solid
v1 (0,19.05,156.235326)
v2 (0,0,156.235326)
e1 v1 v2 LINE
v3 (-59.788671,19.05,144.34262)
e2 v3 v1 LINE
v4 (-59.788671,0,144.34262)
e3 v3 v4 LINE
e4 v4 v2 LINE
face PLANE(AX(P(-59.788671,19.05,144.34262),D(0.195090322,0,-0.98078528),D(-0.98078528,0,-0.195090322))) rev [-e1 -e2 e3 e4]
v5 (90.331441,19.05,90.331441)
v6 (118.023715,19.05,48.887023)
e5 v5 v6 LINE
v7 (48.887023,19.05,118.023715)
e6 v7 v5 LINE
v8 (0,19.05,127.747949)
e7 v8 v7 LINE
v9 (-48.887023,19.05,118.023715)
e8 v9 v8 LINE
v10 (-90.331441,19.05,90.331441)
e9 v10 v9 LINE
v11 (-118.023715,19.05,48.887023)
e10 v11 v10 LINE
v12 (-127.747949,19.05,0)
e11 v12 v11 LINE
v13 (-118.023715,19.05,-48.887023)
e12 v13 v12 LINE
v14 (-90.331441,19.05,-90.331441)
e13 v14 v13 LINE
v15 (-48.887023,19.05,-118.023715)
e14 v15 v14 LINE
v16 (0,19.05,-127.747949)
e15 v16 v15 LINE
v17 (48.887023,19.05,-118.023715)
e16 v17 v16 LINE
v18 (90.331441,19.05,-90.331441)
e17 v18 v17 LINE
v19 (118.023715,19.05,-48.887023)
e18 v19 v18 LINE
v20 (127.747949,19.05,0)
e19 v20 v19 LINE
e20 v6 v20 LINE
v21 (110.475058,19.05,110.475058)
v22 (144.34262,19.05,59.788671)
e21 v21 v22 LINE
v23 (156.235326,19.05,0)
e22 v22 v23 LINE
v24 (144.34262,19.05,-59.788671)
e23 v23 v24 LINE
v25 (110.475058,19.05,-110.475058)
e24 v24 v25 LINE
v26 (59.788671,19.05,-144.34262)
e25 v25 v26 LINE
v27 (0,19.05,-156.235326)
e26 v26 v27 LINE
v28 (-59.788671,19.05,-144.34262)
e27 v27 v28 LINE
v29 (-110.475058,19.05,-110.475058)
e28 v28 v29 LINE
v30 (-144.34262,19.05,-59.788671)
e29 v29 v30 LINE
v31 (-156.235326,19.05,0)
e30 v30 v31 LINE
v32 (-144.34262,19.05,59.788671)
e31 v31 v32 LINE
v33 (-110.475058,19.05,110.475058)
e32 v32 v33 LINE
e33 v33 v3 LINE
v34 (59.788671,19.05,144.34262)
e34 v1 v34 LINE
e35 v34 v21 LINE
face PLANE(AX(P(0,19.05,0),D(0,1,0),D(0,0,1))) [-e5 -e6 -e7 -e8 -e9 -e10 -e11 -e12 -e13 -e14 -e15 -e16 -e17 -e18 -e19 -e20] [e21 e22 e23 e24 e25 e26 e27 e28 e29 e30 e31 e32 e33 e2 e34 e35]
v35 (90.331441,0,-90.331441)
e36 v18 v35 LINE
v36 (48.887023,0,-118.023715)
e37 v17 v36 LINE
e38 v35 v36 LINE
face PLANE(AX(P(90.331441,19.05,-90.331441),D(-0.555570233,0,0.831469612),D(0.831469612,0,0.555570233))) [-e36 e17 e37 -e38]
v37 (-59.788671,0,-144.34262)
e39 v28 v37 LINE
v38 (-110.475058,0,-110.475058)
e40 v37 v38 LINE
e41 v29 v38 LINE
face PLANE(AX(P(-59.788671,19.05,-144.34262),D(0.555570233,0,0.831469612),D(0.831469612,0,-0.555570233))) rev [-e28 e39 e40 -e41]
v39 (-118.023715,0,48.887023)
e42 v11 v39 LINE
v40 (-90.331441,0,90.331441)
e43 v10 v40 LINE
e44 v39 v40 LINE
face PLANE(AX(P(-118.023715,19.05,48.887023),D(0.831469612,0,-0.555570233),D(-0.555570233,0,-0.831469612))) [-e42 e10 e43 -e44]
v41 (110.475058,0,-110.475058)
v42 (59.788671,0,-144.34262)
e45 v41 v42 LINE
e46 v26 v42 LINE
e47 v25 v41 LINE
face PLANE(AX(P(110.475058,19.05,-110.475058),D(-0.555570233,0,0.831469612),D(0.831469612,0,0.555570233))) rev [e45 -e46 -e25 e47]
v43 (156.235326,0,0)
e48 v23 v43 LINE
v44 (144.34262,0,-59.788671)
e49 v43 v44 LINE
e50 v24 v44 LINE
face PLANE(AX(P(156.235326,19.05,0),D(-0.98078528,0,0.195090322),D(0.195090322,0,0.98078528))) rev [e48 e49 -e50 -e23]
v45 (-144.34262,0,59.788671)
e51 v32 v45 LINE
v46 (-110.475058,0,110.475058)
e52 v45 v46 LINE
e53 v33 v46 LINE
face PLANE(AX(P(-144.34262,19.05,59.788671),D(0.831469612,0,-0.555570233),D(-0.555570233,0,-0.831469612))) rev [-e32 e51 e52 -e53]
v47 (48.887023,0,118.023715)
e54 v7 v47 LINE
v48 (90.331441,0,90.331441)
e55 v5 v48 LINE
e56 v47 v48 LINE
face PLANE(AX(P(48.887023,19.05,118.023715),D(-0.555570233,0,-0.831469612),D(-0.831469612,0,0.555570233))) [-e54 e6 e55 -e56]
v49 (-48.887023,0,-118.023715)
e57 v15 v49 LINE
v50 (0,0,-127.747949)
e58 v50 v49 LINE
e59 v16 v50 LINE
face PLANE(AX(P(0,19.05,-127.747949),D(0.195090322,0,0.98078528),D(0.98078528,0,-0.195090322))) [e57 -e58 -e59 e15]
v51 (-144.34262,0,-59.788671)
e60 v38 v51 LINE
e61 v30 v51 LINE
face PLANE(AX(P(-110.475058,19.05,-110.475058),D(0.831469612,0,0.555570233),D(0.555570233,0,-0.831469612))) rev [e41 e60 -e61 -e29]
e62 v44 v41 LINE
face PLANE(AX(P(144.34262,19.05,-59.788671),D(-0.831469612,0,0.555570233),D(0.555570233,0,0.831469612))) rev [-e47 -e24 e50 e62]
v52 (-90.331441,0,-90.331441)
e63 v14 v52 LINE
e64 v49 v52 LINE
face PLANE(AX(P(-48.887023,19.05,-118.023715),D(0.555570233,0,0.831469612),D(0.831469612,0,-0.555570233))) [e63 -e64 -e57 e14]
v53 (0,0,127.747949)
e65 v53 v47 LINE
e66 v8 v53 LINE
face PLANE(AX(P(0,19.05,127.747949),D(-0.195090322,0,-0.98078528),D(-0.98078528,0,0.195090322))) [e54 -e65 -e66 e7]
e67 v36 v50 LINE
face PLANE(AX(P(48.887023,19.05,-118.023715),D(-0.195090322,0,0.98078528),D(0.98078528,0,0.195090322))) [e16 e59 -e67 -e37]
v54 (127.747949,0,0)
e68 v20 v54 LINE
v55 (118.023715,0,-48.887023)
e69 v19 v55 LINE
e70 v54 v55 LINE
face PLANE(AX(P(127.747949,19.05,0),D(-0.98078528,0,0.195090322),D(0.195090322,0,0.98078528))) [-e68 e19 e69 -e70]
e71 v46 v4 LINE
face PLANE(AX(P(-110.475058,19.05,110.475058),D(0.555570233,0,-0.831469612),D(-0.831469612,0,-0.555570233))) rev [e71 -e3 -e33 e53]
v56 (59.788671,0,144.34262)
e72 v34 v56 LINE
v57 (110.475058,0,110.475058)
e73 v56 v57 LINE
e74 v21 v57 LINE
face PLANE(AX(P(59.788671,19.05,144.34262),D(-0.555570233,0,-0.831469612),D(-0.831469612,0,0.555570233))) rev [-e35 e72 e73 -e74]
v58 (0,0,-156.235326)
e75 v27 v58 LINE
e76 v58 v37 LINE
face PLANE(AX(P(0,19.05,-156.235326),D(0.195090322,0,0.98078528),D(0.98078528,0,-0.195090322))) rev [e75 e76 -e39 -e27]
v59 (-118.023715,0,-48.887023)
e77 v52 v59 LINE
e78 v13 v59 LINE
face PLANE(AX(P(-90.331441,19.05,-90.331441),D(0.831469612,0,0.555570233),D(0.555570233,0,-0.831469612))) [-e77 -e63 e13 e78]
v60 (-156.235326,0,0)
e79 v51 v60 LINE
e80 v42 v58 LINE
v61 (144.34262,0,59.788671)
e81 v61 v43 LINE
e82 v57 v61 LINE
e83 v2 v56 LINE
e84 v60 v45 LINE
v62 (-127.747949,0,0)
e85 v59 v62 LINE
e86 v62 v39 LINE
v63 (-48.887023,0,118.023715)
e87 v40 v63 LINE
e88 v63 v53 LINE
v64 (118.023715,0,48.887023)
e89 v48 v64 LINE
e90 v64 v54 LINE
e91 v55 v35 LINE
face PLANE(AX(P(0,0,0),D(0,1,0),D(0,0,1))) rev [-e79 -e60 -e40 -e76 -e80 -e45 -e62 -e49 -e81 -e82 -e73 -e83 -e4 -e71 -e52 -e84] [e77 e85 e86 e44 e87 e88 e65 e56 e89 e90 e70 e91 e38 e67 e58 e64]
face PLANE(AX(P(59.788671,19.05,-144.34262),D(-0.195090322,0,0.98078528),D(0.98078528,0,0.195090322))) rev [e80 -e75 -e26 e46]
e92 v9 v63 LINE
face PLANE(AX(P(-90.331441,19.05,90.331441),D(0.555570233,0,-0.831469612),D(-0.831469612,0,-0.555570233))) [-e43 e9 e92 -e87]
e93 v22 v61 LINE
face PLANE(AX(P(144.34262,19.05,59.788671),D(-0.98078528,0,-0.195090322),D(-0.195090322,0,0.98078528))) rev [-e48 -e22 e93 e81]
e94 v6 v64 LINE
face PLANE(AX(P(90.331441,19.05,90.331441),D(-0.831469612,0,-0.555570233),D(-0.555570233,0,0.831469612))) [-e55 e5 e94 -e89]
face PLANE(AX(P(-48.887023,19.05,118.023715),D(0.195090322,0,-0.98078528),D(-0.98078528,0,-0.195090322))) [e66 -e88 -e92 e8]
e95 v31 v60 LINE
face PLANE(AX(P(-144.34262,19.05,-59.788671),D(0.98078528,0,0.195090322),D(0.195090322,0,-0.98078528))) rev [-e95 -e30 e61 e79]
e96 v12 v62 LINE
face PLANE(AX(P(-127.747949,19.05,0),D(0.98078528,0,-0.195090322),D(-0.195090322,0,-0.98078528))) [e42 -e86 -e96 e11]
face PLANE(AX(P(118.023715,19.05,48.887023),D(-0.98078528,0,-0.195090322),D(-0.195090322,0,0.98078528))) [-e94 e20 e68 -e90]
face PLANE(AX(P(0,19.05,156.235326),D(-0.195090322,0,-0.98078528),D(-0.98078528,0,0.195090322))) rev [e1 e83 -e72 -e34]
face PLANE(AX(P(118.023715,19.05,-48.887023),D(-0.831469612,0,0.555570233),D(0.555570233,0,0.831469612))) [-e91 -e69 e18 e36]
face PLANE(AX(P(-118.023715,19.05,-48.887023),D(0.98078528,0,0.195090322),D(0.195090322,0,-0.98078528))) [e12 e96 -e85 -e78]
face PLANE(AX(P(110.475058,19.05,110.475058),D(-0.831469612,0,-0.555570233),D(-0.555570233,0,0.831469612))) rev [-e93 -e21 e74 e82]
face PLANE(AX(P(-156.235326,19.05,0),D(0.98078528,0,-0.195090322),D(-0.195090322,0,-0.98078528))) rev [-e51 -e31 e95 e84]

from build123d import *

# Parameters (mm, degrees)
BOSS_EXTRUDE1_DEPTH = 19.05


with BuildPart() as part:
    # Sketch1 → Boss-Extrude1 (new body)
    with BuildSketch(Plane(origin=(0, 0, 0), x_dir=(1, 0, 0), z_dir=(0, 1, 0))):
        Polygon((156.235325694, 0), (144.342619664, 59.788670693), (110.475058259, 110.475058259), (59.788670693, 144.342619664), (0, 156.235325694), (-59.788670693, 144.342619664), (-110.475058259, 110.475058259), (-144.342619664, 59.788670693), (-156.235325694, 0), (-144.342619664, -59.788670693), (-110.475058259, -110.475058259), (-59.788670693, -144.342619664), (0, -156.235325694), (59.788670693, -144.342619664), (110.475058259, -110.475058259), (144.342619664, -59.788670693), align=None)
        Polygon((127.747948734, 0), (118.023715156, 48.887023499), (90.331440832, 90.331440832), (48.887023499, 118.023715156), (0, 127.747948734), (-48.887023499, 118.023715156), (-90.331440832, 90.331440832), (-118.023715156, 48.887023499), (-127.747948734, 0), (-118.023715156, -48.887023499), (-90.331440832, -90.331440832), (-48.887023499, -118.023715156), (0, -127.747948734), (48.887023499, -118.023715156), (90.331440832, -90.331440832), (118.023715156, -48.887023499), align=None, mode=Mode.SUBTRACT)
    extrude(amount=BOSS_EXTRUDE1_DEPTH)


solid = part.part
